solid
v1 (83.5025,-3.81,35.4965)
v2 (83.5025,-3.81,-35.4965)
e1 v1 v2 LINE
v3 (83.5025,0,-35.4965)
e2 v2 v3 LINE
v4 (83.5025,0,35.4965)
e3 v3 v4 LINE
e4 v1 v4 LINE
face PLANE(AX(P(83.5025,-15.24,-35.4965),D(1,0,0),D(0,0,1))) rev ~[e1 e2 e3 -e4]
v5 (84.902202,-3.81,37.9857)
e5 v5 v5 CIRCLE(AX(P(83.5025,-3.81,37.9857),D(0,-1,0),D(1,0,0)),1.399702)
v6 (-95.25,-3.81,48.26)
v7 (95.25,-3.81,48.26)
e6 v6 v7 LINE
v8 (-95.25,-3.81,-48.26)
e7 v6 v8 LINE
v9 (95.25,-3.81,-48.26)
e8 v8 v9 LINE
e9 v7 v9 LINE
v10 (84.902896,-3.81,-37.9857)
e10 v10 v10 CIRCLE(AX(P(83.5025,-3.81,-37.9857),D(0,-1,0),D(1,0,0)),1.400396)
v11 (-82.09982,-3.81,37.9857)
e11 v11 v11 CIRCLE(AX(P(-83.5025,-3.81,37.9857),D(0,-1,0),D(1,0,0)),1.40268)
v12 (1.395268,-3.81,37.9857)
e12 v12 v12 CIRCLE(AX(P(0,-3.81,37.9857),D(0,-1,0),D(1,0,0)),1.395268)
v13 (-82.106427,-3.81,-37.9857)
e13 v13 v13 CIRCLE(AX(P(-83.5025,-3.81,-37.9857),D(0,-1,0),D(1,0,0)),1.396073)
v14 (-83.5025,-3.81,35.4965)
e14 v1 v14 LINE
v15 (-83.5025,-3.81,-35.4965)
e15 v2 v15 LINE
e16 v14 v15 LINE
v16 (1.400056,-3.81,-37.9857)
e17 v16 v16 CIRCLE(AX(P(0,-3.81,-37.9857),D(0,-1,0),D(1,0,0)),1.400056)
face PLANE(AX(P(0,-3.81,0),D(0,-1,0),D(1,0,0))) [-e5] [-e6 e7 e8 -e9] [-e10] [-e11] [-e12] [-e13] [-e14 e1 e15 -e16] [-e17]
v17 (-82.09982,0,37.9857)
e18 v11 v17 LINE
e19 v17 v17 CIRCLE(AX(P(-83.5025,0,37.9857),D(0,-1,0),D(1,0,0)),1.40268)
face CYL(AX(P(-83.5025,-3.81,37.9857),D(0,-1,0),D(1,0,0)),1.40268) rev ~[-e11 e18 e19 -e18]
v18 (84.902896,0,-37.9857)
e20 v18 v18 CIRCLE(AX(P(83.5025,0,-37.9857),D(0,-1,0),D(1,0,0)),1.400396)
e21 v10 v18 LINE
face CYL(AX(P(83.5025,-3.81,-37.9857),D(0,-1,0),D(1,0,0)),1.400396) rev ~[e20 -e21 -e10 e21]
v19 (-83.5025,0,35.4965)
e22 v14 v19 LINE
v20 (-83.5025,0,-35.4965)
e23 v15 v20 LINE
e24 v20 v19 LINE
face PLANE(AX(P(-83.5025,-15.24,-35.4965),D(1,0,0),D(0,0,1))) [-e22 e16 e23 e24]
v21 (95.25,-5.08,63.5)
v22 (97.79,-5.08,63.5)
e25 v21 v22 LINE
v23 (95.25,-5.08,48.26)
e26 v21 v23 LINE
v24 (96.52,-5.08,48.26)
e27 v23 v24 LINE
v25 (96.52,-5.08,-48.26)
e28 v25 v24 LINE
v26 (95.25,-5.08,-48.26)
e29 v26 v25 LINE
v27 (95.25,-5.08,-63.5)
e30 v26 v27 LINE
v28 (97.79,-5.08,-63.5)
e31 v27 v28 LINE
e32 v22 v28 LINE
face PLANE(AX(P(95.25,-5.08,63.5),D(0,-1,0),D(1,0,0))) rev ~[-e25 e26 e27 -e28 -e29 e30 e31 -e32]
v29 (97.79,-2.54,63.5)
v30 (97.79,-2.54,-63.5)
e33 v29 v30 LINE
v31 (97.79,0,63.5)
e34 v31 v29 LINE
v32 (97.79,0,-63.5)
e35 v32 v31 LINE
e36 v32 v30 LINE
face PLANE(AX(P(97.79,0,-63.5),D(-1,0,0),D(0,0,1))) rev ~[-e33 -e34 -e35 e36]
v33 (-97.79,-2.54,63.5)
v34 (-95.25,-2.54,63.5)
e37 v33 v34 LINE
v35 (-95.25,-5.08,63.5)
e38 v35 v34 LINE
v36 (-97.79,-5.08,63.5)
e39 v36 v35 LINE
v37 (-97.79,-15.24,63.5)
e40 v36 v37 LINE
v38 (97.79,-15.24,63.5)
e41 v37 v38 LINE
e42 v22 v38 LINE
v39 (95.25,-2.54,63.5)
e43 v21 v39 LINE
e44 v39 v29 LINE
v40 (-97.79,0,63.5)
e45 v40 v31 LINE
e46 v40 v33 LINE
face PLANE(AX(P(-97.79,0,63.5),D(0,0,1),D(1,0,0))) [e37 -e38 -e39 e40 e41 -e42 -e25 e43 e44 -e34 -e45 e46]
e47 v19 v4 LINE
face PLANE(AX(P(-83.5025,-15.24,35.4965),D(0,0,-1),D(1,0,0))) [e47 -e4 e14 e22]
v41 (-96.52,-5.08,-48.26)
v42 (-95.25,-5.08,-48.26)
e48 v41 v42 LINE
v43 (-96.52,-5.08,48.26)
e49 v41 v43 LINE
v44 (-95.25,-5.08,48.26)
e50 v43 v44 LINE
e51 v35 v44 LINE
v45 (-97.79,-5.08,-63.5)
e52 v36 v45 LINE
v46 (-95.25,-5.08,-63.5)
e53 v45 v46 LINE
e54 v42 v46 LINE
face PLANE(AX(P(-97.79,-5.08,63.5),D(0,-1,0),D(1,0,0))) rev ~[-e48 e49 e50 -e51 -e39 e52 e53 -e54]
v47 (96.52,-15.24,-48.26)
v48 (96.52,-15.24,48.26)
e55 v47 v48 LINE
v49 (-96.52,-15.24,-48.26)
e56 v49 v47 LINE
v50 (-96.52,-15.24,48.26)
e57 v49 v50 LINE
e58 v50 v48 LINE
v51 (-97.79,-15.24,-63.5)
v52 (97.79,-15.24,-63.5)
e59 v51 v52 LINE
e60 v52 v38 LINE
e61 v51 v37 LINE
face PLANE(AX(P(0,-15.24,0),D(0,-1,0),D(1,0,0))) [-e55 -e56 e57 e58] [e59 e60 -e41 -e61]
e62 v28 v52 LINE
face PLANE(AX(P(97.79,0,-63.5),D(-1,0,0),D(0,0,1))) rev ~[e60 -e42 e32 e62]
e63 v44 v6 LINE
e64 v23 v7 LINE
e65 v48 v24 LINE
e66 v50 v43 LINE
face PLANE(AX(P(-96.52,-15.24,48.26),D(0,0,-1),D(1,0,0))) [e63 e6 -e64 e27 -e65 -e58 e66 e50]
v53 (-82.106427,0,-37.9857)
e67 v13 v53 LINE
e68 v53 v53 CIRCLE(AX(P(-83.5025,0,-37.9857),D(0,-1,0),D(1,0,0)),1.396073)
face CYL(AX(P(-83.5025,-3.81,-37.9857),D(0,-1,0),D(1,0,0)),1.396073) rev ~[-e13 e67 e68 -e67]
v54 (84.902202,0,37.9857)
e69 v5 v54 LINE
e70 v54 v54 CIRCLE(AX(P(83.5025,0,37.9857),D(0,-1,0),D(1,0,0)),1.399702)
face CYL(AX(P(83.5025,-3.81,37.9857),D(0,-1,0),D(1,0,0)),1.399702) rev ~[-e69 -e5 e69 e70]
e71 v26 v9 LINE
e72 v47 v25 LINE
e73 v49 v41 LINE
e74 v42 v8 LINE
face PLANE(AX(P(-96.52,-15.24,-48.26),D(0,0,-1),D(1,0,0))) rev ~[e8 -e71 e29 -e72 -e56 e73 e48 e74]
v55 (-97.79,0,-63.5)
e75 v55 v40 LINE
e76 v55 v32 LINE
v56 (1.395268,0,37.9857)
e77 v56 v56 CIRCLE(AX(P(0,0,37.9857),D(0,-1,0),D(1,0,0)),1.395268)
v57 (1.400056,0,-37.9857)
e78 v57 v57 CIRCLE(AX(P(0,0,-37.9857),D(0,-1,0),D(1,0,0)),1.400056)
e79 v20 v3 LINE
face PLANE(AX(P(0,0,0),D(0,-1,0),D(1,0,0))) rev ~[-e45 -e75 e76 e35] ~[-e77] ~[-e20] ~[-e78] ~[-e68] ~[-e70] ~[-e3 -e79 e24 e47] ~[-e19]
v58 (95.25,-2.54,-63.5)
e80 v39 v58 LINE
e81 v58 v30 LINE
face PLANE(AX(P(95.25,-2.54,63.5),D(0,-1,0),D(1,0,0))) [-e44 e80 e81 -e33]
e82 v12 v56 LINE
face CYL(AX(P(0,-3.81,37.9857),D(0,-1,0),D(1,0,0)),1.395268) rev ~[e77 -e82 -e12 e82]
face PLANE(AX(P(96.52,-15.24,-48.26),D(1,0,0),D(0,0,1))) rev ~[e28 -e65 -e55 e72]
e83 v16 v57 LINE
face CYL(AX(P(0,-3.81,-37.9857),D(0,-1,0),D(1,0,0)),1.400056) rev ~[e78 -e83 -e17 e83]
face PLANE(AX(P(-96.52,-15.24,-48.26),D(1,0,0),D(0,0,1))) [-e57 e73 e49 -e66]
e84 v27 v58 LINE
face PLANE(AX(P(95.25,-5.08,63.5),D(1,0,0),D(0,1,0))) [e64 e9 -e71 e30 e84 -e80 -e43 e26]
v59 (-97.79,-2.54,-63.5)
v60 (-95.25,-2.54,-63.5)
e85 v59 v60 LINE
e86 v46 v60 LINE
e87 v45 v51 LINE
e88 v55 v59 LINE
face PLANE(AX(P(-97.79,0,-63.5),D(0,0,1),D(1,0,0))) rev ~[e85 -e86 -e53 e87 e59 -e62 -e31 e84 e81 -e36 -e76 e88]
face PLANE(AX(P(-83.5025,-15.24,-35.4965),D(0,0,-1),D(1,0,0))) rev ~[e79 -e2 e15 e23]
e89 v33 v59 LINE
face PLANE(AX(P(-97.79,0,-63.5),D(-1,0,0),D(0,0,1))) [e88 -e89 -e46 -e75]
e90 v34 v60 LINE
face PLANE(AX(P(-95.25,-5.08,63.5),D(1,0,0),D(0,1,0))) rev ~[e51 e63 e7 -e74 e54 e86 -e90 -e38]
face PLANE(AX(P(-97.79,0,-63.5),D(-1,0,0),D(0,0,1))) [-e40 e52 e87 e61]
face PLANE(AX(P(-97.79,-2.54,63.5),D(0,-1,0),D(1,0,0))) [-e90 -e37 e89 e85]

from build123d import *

# Parameters (mm, degrees)
F0_W      = 195.58
F0_H      = 127
F1_DEPTH  = 15.24
F2_W      = 2.54
F2_H      = 2.54
F3_DEPTH  = 127
F4_W      = 167.005
F4_H      = 70.993
F5_DEPTH  = 15.24
F6_W      = 172.085
F6_H      = 79.629
F7_DEPTH  = 11.43
F8_R      = 1.395268
F8_R_2    = 1.40268
F8_R_3    = 1.396073
F8_R_4    = 1.400056
F8_R_5    = 1.400396
F8_R_6    = 1.399702
F9_DEPTH  = 3.81
F10_W     = 193.04
F10_H     = 96.52
F11_DEPTH = 11.43


with BuildPart() as f1:
    # F0 (on Front) → F1 (new body)
    with BuildSketch(Plane.XZ):
        Rectangle(F0_W, F0_H)
    extrude(amount=F1_DEPTH)

    # F2 (on face) → F3 (cut)
    with BuildSketch(Plane.XY.offset(63.5)):
        with Locations((-96.52, -3.81)):
            Rectangle(F2_W, F2_H)
        with Locations((96.52, -3.81)):
            Rectangle(F2_W, F2_H)
    extrude(amount=-F3_DEPTH, mode=Mode.SUBTRACT)

    # F4 (on face) → F5 (cut)
    with BuildSketch(Plane.XZ.offset(15.24)):
        Rectangle(F4_W, F4_H)
    extrude(amount=-F5_DEPTH, mode=Mode.SUBTRACT)

    # F6 (on face) → F7 (cut)
    with BuildSketch(Plane.XZ.offset(15.24)):
        Rectangle(F6_W, F6_H)
    extrude(amount=-F7_DEPTH, mode=Mode.SUBTRACT)

    # F8 (on face) → F9 (cut)
    with BuildSketch(Plane.XZ.offset(3.81)):
        with Locations((0, 37.9857)):
            Circle(F8_R)
        with Locations((-83.5025, 37.9857)):
            Circle(F8_R_2)
        with Locations((-83.5025, -37.9857)):
            Circle(F8_R_3)
        with Locations((0, -37.9857)):
            Circle(F8_R_4)
        with Locations((83.5025, -37.9857)):
            Circle(F8_R_5)
        with Locations((83.5025, 37.9857)):
            Circle(F8_R_6)
    extrude(amount=-F9_DEPTH, mode=Mode.SUBTRACT)

    # F10 (on face) → F11 (cut)
    with BuildSketch(Plane.XZ.offset(15.24)):
        Rectangle(F10_W, F10_H)
    extrude(amount=-F11_DEPTH, mode=Mode.SUBTRACT)


solid = f1.part
